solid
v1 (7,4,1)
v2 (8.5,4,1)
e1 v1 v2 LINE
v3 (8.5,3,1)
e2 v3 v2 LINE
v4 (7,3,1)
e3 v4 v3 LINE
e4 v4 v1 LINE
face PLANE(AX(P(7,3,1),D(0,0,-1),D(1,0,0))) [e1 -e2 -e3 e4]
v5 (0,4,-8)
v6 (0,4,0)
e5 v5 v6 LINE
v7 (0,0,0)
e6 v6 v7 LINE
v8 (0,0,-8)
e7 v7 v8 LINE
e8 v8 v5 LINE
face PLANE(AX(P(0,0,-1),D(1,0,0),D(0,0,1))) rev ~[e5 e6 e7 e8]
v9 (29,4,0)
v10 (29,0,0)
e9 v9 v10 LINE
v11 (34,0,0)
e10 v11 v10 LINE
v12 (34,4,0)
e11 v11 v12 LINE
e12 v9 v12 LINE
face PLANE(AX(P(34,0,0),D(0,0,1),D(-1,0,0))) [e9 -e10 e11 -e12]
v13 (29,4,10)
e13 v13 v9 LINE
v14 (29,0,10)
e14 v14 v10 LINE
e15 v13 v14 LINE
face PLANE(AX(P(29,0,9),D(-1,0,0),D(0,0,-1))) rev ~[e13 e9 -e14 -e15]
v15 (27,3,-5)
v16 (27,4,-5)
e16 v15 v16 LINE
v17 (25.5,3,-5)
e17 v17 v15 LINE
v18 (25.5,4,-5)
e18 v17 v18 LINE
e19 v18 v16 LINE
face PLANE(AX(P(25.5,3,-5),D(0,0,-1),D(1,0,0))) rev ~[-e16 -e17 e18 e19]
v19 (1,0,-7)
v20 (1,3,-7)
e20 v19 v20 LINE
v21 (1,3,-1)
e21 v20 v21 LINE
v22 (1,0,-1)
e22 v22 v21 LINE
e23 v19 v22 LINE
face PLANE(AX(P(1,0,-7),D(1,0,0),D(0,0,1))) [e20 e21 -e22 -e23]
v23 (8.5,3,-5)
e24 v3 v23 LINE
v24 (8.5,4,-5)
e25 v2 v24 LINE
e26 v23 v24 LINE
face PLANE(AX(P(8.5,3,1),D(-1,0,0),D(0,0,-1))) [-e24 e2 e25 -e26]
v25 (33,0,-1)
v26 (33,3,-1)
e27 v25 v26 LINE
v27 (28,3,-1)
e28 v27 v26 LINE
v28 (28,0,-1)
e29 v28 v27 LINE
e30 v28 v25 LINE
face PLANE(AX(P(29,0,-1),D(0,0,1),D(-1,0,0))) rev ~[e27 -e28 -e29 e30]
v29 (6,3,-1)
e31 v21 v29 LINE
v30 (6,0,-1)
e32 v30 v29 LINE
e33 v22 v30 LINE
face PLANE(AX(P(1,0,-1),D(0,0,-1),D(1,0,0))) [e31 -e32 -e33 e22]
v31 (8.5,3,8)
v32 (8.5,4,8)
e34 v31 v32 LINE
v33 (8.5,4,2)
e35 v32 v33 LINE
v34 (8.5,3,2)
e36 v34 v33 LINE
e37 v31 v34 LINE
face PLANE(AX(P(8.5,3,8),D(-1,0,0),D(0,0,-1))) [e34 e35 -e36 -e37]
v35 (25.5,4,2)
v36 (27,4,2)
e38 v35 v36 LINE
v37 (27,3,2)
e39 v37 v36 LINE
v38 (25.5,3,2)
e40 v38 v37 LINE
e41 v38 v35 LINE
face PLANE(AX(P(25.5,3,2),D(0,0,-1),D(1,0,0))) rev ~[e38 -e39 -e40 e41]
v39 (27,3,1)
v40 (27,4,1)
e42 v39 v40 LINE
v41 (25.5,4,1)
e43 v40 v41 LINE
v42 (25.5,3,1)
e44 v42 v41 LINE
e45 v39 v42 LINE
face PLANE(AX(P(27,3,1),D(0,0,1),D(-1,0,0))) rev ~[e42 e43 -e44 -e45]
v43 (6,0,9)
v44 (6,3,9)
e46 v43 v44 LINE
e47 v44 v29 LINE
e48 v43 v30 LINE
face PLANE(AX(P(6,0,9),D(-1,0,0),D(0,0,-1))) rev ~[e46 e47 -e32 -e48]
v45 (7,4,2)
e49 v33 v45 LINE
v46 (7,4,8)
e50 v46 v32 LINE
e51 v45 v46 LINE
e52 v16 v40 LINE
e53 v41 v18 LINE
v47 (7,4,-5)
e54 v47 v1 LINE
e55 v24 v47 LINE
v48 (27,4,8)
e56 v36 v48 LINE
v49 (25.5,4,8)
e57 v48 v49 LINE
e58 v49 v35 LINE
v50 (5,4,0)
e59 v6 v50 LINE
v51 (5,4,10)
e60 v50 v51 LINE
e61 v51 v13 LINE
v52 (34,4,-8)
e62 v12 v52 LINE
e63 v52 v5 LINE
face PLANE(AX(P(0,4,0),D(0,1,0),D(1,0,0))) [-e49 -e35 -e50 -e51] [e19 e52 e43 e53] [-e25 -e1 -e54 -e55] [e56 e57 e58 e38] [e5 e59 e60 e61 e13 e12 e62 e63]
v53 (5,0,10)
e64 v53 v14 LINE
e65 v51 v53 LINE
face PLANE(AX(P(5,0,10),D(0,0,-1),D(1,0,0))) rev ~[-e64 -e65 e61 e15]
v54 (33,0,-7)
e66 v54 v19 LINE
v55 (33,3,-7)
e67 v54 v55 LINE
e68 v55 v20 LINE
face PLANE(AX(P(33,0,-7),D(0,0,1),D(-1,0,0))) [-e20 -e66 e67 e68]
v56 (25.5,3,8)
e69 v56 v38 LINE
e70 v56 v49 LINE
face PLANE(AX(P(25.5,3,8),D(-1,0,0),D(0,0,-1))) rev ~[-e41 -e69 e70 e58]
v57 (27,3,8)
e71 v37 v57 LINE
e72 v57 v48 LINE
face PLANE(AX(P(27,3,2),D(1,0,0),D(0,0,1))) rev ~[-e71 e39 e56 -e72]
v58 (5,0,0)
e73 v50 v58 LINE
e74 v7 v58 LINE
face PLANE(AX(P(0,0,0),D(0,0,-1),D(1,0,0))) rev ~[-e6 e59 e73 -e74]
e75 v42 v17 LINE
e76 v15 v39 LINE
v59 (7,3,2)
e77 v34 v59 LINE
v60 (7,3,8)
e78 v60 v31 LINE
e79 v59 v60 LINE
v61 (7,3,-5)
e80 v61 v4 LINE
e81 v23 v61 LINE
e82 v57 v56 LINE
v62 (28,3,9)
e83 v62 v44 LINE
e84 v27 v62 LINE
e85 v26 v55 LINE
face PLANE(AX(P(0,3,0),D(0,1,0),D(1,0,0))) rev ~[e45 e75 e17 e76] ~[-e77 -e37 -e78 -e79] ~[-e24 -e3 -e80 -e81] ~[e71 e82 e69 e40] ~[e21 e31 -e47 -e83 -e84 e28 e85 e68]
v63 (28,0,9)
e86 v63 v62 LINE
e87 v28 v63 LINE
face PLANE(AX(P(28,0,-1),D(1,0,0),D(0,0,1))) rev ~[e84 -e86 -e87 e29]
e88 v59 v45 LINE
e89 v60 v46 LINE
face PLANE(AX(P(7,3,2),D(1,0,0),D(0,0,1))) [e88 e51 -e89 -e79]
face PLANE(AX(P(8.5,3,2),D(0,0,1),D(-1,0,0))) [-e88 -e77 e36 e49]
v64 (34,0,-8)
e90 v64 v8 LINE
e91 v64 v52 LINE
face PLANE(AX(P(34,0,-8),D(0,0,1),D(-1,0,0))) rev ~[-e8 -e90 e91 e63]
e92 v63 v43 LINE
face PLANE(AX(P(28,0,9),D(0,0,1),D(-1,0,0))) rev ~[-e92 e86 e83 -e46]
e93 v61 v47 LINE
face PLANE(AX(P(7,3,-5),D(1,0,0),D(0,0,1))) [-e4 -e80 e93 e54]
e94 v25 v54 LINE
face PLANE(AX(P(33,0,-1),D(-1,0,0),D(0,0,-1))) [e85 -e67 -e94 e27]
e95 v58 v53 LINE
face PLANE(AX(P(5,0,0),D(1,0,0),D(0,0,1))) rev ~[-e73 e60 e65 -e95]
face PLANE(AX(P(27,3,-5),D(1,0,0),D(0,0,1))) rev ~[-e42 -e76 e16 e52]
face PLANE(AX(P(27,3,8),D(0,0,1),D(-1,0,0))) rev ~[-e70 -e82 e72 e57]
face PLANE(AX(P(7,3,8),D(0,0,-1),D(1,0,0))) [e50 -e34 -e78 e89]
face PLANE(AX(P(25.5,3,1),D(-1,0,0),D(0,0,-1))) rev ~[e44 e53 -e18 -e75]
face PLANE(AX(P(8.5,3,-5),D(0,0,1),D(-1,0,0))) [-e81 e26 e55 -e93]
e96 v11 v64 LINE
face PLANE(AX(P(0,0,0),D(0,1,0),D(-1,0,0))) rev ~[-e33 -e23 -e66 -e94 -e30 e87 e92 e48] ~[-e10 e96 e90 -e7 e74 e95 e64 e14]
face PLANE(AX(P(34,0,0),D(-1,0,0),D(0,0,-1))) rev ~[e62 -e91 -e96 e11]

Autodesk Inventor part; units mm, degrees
ref_plane "YZ Plane" through (0, 0, 0) normal (1, 0, 0) x (0, 1, 0)
ref_plane "XZ Plane" through (0, 0, 0) normal (0, 1, 0) x (-1, 0, 0)
ref_plane "XY Plane" through (0, 0, 0) normal (0, 0, 1) x (1, 0, 0)
sketch "Sketch1" plane through (0, 0, 0) normal (0, 1, 0) x (-1, 0, 0)
  line L0 (-34, 0) -> (-34, -8)
  line L1 (-34, -8) -> (0, -8)
  line L2 (0, -8) -> (0, 0)
  line L3 (0, 0) -> (0, -1)
  line L4 (-33, -1) -> (-33, -7)
  line L5 (-33, -7) -> (-1, -7)
  line L6 (-1, -7) -> (-1, -1)
  line L7 (-5, 0) -> (-5, 10)
  line L8 (-5, 10) -> (-29, 10)
  line L9 (-29, 10) -> (-29, 0)
  line L10 (-29, 10) -> (-29, 9)
  line L11 (-1, -1) -> (-5, -1)
  line L12 (-29, -1) -> (-33, -1)
  line L13 (-29, -1) -> (-28, -1)
  line L14 (0, 0) -> (-5, 0)
  line L15 (-34, 0) -> (-29, 0)
  line L16 (-28, -1) -> (-28, 9)
  line L17 (-28, 9) -> (-6, 9)
  line L18 (-6, 9) -> (-6, -1)
  line L19 (-6, -1) -> (-5, -1)
  line L20 (0, 0) -> (-5, 0)
  dimension "d0" = 34
  dimension "d1" = 8
  dimension "d4" = 32
  dimension "d5" = 6
  dimension "d9" = 24
  dimension "d17" = 10
  dimension "d18" = 22
extrude "Extrusion1" add sketch "Sketch1" along normal blind 3
sketch "Sketch2" plane through (0, 3, 0) normal (0, 1, 0) x (1, 0, 0)
  line L0 (0, 8) -> (0, 0) projected
  line L1 (34, 8) -> (0, 8) projected
  line L2 (34, 0) -> (34, 8) projected
  line L3 (29, 0) -> (34, 0) projected
  line L4 (29, -10) -> (29, 0) projected
  line L5 (5, -10) -> (29, -10) projected
  line L6 (5, 0) -> (5, -10) projected
  line L7 (0, 0) -> (5, 0) projected
extrude "Extrusion2" add sketch "Sketch2" along normal blind 1
sketch "Sketch3" plane through (0, 3, 0) normal (0, -1, 0) x (1, 0, 0)
  line L0 (33, -7) -> (33, -1) projected
  line L1 (33, -1) -> (28, -1) projected
  line L2 (28, -1) -> (28, 9) projected
  line L3 (28, 9) -> (6, 9) projected
  line L4 (6, 9) -> (6, -1) projected
  line L5 (6, -1) -> (1, -1) projected
  line L6 (1, -1) -> (1, -7) projected
  line L7 (1, -7) -> (33, -7) projected
  line L8 (28, 9) -> (6, 9) projected
  line L9 (6, 9) -> (6, 8)
  line L10 (6, 9) -> (6, -1) projected
  line L11 (6, 8) -> (7, 8)
  line L12 (7, 8) -> (8.5, 8)
  line L13 (8.5, 8) -> (8.5, 2)
  line L14 (8.5, 2) -> (7, 2)
  line L15 (7, 2) -> (7, 8)
  line L16 (7, 2) -> (7, 1)
  line L17 (7, 1) -> (8.5, 1)
  line L18 (8.5, 1) -> (8.5, -5)
  line L19 (8.5, -5) -> (7, -5)
  line L20 (7, -5) -> (7, 1)
  line L21 (28, -1) -> (28, 9) projected
  line L22 (28, 9) -> (28, 8)
  line L23 (28, 8) -> (27, 8)
  line L24 (27, 8) -> (25.5, 8)
  line L25 (25.5, 8) -> (25.5, 2)
  line L26 (25.5, 2) -> (27, 2)
  line L27 (27, 2) -> (27, 8)
  line L28 (27, 2) -> (27, 1)
  line L29 (27, 1) -> (25.5, 1)
  line L30 (25.5, 1) -> (25.5, -5)
  line L31 (25.5, -5) -> (27, -5)
  line L32 (27, -5) -> (27, 1)
  point P0 (0, 0)
  dimension "d23" = 1
  dimension "d24" = 1
  dimension "d26" = 1.5
  dimension "d27" = 6
  dimension "d28" = 1
  dimension "d29" = 1.5
  dimension "d30" = 6
  dimension "d31" = 1
  dimension "d32" = 1
  dimension "d33" = 1.5
  dimension "d34" = 6
  dimension "d35" = 1
extrude "Extrusion3" cut sketch "Sketch3" against normal blind 1 contours L32 L31 L30 L29 | L27 L26 L25 L24 | L17 L18 L19 L20 | L12 L13 L14 L15
sketch "Sketch4" plane through (0, 0, 0) normal (0, -1, 0) x (1, 0, 0)
  point P0 (0, 0)
properties part number "led-reed-compartment"
